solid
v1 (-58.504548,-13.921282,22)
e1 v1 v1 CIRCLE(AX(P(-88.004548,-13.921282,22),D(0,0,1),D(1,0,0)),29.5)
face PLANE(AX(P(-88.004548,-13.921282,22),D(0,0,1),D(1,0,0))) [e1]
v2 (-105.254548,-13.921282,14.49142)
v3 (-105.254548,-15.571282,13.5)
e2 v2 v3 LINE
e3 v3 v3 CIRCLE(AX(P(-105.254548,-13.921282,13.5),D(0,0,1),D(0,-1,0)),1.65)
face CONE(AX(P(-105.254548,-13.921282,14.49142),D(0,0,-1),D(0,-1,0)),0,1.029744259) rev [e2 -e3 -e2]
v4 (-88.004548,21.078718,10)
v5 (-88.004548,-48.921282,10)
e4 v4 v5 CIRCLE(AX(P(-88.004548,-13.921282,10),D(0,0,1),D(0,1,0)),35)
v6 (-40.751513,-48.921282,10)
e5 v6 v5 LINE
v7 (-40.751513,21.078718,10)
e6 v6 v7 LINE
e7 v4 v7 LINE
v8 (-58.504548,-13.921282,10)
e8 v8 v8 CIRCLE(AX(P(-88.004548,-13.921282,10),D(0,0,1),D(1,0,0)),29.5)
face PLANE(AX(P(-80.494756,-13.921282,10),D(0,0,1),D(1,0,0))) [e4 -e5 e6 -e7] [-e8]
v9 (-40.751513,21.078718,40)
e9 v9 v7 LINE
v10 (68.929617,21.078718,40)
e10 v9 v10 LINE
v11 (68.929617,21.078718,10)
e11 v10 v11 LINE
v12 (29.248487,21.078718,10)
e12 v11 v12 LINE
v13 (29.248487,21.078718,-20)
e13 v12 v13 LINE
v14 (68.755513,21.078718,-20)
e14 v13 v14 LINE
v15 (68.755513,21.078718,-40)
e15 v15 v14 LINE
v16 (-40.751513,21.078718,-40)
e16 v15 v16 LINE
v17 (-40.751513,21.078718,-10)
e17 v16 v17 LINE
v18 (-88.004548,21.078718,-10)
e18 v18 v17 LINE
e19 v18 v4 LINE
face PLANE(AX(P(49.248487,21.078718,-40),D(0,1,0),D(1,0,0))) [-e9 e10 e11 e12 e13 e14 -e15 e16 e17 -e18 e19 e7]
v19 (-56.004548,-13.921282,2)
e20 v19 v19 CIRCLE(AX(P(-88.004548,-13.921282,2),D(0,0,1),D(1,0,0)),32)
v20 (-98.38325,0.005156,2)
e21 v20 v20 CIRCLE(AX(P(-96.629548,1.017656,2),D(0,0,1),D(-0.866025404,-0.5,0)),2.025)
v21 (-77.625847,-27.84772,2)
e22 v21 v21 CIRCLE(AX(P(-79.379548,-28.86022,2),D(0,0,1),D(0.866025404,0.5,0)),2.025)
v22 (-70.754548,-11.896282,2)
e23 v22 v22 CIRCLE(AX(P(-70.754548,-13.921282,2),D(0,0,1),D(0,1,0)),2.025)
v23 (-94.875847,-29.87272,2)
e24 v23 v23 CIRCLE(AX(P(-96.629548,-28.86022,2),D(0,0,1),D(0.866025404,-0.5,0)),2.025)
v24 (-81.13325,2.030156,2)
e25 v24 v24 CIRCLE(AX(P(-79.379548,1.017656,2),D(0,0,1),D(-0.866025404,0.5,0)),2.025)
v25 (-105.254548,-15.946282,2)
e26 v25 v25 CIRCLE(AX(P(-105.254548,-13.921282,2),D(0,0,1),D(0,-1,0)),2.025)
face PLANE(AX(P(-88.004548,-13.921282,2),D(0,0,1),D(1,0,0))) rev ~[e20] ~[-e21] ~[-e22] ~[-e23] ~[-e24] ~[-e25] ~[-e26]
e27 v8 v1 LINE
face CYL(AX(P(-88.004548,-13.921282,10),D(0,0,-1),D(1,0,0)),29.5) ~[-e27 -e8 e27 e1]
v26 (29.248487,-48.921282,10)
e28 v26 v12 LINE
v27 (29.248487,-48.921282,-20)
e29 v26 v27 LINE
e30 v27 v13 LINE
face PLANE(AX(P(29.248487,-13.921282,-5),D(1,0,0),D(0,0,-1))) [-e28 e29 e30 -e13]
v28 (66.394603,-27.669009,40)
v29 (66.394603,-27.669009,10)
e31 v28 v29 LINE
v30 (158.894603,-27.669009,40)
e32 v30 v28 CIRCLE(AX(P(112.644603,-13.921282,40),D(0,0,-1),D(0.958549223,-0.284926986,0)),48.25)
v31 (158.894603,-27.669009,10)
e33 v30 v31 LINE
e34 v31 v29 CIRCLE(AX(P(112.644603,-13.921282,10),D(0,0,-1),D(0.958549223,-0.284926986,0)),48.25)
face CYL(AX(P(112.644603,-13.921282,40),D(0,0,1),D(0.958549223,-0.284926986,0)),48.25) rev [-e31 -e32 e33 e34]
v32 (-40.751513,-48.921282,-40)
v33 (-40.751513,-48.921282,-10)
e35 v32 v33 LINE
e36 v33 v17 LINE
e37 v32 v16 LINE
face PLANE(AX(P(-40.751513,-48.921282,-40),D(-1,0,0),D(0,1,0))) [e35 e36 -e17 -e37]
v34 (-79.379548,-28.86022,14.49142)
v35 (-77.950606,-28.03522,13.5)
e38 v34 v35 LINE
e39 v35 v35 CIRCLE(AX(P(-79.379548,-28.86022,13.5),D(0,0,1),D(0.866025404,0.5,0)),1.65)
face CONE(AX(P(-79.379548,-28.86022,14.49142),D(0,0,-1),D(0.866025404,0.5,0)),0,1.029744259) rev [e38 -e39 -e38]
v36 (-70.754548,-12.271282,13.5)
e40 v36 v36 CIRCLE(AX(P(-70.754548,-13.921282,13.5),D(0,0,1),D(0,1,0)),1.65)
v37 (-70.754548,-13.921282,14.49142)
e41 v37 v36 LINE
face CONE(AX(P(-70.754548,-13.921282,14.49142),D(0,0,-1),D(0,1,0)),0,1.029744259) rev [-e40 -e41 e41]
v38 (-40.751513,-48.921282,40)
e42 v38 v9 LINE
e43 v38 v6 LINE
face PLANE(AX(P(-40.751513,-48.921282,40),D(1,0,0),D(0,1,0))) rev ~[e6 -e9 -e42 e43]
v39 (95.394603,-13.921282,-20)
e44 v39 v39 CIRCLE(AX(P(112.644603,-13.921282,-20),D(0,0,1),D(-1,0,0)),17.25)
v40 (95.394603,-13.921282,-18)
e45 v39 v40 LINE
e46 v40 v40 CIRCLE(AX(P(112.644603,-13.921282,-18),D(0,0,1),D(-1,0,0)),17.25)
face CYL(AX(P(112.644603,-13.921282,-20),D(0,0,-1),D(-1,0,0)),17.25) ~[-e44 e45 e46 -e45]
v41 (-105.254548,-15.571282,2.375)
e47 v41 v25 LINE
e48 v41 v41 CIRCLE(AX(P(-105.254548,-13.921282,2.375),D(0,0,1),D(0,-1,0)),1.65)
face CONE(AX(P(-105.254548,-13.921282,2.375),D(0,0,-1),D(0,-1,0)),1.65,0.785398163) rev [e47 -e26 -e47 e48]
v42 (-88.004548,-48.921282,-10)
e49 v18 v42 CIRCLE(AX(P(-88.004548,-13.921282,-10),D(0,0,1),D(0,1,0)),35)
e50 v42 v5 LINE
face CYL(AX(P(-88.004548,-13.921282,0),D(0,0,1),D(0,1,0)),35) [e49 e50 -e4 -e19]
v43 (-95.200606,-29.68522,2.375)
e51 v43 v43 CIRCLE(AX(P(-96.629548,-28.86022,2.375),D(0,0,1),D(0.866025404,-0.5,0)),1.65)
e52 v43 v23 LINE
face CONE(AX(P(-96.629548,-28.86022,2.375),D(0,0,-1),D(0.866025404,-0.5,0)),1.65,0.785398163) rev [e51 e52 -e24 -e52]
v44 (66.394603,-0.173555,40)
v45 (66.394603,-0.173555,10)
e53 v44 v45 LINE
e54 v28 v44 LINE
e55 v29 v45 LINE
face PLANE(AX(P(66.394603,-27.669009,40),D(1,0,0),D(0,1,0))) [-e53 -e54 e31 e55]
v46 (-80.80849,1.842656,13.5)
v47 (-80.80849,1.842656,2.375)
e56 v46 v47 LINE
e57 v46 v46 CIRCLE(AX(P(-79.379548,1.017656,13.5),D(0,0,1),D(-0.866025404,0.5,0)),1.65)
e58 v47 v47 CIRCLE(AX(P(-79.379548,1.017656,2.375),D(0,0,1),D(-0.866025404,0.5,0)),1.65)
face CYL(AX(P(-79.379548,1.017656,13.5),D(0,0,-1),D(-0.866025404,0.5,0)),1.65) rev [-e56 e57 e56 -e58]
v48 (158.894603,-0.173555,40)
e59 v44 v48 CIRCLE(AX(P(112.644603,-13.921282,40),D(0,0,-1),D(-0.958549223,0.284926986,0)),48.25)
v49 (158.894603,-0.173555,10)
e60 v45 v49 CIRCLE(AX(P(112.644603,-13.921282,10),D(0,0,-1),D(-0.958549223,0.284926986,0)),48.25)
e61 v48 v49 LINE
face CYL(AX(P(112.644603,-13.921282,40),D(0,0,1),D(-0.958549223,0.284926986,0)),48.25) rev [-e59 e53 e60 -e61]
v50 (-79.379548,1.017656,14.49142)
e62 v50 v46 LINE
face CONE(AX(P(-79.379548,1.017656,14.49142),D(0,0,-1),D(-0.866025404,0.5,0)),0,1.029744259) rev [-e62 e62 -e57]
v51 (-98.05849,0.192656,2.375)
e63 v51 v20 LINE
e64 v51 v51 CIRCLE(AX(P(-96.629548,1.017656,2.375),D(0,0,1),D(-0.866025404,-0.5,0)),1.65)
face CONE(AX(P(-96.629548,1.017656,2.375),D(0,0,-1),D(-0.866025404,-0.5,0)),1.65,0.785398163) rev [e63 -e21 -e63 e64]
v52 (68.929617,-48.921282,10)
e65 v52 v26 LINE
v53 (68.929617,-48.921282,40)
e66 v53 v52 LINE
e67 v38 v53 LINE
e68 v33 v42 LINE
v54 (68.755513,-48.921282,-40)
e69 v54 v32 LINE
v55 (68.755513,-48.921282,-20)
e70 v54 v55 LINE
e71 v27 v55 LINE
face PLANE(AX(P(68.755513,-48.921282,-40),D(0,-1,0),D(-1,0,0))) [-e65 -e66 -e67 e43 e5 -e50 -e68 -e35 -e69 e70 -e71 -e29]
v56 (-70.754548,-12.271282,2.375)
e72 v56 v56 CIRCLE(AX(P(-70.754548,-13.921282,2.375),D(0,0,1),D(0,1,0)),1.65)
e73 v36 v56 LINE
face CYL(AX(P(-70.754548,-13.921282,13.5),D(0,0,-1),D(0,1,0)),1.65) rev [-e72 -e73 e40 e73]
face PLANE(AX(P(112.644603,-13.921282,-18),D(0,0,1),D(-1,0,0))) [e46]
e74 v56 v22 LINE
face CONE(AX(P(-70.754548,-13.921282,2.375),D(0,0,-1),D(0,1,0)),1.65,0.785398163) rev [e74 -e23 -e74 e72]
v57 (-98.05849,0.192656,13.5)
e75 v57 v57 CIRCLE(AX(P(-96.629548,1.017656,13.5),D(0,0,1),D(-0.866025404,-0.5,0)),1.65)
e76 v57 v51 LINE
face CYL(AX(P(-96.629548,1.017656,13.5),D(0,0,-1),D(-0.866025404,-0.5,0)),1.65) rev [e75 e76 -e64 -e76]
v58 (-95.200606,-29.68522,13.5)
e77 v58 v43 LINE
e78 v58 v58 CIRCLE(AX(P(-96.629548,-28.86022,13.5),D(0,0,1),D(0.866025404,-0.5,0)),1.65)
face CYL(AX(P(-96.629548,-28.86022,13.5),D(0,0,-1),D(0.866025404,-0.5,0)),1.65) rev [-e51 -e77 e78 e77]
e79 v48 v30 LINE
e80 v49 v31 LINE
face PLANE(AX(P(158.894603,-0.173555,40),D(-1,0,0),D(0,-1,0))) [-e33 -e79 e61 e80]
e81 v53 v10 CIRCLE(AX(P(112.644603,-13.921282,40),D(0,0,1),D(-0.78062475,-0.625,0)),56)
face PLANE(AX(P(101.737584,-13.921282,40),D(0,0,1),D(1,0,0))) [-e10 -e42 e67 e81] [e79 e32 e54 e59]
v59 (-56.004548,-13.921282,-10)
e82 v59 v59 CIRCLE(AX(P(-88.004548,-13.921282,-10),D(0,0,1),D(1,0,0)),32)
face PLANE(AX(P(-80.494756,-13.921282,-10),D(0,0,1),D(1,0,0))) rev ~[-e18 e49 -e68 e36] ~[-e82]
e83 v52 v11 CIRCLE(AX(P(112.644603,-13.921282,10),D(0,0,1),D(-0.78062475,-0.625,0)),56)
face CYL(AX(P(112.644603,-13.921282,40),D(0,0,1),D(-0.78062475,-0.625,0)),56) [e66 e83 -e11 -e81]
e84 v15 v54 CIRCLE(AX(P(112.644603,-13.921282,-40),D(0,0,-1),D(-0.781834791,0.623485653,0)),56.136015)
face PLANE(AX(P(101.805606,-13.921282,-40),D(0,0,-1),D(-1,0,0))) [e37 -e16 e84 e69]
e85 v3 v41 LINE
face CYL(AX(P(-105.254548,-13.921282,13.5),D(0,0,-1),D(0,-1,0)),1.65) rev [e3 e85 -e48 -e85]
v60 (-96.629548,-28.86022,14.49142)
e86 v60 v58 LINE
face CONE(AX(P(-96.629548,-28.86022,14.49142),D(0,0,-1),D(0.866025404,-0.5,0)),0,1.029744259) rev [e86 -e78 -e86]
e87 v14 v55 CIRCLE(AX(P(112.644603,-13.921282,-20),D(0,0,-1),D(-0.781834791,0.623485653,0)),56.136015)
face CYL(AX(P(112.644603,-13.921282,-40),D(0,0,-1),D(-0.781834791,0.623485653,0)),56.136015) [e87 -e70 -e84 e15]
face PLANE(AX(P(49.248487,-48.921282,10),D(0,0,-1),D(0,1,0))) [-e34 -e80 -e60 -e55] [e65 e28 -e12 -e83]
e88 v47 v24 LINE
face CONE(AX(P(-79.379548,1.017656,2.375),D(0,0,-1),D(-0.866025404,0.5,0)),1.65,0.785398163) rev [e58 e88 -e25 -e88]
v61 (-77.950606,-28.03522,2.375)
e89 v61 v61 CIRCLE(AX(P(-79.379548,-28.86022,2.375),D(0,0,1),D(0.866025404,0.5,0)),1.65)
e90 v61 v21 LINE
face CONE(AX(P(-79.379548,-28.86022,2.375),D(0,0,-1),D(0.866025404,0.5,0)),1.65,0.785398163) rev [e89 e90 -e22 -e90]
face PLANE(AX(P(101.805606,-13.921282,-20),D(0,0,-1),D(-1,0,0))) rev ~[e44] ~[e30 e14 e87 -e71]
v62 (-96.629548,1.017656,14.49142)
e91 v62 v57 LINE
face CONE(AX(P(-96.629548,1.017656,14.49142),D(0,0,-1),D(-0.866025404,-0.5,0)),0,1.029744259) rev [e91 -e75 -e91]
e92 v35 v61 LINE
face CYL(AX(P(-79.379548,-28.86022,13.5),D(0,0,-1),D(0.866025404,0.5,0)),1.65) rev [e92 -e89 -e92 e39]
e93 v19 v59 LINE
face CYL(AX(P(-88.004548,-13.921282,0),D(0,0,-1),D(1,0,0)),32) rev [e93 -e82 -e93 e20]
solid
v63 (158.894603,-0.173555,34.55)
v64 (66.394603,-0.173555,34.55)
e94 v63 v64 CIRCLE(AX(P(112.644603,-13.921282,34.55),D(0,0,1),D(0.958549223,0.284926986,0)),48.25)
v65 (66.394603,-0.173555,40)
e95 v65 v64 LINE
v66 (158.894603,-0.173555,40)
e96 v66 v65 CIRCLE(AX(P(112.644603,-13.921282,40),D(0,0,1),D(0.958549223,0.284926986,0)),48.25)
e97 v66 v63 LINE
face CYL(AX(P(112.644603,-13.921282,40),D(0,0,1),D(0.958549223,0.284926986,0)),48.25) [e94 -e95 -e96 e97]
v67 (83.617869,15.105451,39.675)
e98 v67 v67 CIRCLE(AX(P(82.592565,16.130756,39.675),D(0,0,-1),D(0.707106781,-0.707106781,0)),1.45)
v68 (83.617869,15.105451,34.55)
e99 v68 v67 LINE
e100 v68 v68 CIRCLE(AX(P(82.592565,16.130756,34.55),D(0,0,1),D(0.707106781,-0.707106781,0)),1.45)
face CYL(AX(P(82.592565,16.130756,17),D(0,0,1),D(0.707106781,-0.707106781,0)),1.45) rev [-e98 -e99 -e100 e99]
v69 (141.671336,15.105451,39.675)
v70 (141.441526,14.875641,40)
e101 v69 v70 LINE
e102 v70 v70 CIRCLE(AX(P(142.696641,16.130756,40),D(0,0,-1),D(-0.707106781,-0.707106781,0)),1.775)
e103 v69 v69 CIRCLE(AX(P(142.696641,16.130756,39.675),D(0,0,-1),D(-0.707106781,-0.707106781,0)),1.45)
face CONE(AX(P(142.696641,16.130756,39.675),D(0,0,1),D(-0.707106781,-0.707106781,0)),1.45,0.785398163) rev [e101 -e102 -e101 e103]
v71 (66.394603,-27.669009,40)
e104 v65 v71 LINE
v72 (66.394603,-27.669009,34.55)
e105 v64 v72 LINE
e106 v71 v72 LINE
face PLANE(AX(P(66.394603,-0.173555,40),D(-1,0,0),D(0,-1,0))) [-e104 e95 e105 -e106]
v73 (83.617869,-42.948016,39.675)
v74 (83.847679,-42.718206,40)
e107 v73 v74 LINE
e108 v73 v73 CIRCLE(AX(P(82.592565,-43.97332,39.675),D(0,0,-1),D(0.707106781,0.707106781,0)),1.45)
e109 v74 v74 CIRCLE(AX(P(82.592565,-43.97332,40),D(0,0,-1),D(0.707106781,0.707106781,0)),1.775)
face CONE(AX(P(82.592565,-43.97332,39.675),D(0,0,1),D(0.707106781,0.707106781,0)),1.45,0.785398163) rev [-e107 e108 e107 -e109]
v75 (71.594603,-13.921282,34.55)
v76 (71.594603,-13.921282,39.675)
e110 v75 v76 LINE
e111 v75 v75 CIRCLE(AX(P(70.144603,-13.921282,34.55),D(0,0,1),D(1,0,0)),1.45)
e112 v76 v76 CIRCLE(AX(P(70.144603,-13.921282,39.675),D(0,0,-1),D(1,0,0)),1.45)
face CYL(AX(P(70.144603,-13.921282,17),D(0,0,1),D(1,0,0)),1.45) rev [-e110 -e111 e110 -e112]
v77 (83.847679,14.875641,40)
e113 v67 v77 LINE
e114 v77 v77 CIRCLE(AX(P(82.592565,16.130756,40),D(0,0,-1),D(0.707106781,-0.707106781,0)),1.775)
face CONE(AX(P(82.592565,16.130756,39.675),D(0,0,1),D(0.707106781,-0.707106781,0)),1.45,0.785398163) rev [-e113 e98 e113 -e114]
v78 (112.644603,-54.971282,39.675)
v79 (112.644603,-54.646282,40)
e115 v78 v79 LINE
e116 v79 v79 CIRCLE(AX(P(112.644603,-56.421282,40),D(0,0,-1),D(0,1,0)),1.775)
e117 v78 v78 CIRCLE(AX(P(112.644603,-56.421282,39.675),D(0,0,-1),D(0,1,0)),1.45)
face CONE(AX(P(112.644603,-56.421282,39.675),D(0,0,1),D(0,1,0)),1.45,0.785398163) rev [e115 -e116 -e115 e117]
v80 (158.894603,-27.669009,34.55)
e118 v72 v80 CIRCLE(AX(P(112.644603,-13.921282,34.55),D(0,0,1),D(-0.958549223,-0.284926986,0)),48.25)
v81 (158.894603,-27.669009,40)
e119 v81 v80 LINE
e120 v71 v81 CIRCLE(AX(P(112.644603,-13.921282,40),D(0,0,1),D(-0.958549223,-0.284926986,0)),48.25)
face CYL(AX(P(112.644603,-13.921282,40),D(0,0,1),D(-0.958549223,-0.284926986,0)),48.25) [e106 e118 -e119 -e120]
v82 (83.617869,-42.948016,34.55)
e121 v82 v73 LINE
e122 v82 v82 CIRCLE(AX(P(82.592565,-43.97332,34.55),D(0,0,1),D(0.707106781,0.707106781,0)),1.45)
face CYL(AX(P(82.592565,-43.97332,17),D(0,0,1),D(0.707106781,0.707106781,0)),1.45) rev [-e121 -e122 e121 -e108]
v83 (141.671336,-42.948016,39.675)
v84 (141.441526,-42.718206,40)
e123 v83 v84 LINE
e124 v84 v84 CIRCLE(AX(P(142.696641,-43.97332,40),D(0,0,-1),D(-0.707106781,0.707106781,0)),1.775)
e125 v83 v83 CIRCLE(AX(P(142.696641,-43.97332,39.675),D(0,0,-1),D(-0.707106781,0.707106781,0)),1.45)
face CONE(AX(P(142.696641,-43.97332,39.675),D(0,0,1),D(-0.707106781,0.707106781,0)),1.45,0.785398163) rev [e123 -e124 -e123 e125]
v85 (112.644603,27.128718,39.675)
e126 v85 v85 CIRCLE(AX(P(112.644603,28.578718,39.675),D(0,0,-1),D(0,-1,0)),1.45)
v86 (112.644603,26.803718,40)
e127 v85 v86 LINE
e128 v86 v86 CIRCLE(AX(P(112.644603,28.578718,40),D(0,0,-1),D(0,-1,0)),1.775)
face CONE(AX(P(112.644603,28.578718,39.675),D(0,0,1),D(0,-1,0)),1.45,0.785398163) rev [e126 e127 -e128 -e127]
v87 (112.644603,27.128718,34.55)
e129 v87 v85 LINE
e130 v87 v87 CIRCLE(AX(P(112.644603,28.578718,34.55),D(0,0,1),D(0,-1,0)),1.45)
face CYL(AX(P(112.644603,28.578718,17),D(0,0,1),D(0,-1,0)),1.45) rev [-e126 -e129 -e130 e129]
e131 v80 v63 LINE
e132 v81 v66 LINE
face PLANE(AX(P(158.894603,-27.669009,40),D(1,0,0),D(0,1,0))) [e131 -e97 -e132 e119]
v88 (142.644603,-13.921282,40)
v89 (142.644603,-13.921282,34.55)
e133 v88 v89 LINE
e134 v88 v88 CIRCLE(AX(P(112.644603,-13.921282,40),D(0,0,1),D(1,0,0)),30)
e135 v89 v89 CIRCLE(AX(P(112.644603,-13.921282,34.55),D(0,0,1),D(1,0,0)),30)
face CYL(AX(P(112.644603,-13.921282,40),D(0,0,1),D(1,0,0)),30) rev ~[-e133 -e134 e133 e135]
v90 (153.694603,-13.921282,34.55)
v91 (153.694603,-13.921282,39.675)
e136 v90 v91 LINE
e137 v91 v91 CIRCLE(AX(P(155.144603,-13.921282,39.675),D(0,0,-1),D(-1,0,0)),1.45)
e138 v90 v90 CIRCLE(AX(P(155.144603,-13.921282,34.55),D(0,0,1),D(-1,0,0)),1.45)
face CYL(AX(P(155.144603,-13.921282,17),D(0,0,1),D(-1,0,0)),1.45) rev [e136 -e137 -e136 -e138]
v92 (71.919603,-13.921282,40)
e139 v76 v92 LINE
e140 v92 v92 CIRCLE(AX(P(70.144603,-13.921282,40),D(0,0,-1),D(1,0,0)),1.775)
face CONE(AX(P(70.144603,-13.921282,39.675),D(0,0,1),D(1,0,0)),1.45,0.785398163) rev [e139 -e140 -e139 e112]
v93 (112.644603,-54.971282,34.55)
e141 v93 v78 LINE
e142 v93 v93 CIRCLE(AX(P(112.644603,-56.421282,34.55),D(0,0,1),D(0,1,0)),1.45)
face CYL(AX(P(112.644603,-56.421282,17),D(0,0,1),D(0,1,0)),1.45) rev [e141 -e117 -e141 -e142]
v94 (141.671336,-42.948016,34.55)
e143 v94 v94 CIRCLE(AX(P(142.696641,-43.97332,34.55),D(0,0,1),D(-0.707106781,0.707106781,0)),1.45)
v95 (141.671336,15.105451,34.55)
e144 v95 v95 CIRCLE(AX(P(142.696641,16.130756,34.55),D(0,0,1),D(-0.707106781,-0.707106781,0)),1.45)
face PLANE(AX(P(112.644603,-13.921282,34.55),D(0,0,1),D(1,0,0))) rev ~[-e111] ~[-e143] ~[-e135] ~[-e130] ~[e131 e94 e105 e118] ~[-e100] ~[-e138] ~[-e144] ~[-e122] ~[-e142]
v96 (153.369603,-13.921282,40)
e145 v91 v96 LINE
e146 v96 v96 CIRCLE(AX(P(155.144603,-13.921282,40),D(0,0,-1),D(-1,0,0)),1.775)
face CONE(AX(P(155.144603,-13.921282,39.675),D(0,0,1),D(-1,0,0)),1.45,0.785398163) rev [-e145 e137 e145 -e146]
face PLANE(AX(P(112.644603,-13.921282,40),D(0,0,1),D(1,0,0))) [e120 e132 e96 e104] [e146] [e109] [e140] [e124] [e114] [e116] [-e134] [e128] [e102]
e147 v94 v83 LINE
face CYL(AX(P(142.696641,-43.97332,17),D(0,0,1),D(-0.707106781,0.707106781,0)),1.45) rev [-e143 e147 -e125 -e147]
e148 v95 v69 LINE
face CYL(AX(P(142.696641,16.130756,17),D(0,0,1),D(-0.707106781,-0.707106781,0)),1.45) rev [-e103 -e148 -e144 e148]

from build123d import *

# Parameters (mm, degrees)
SKETCH_1_W               = 100
SKETCH_1_H               = 70
EXTRUDE_1_DEPTH          = 40
SKETCH_2_R               = 32
EXTRUDE_2_DEPTH          = 10
EXTRUDE_START            = -8
SKETCH_6_R               = 32
EXTRUDE_3_DEPTH          = 8
SKETCH_7_W               = 10
SKETCH_7_H               = 70
CUT_EXTRUDE_1_DEPTH      = 30
SKETCH_9_W               = 10
SKETCH_9_H               = 70
CUT_EXTRUDE_2_DEPTH      = 30
SKETCH_11_R              = 29.5
EXTRUDE_4_DEPTH          = 12
EXTRUDE_5_DEPTH          = 30
EXTRUDE_6_DEPTH          = 5.45
SKETCH_13_R              = 30
CUT_EXTRUDE_4_DEPTH      = 6
PATTERN_CIRCULAR_1_COUNT = 8
PATTERN_CIRCULAR_2_COUNT = 6
EXTRUDE_7_DEPTH          = 20
SKETCH_19_R              = 17.25
EXTRUDE_8_DEPTH          = 2
SKETCH_22_W              = 30
SKETCH_22_H              = 70
CUT_EXTRUDE_6_DEPTH      = 20


with BuildPart() as part:
    # 草图1 → 凸台-拉伸1 (new, symmetric)
    with BuildSketch(Plane.XY):
        with Locations((-0.751513191, -13.921282279)):
            Rectangle(SKETCH_1_W, SKETCH_1_H)
    extrude(amount=EXTRUDE_1_DEPTH, both=True)

    # 草图2 → 凸台-拉伸2 (add, symmetric)
    with BuildSketch(Plane.XY):
        with BuildLine():
            Line((-50.751513191, 21.078717721), (-88.004548321, 21.078717721))
            ThreePointArc((-88.004548321, 21.078717721), (-123.004548321, -13.921282279), (-88.004548321, -48.921282279))
            Line((-88.004548321, -48.921282279), (-50.751513191, -48.921282279))
            Line((-50.751513191, -48.921282279), (-50.751513191, 21.078717721))
        make_face()
        with Locations((-88.004548321, -13.921282279)):
            Circle(SKETCH_2_R, mode=Mode.SUBTRACT)
    extrude(amount=EXTRUDE_2_DEPTH, both=True)

    # 草图6 → 凸台-拉伸3 (add)
    with BuildSketch(Plane.XY.offset(10).offset(EXTRUDE_START)):
        with Locations((-88.004548321, -13.921282279)):
            Circle(SKETCH_6_R)
    extrude(amount=EXTRUDE_3_DEPTH)

    # 草图7 → 切除-拉伸1 (cut)
    with BuildSketch(Plane(origin=(0, 0, -40), x_dir=(-1, 0, 0), z_dir=(0, 0, -1))):
        with Locations((45.751513191, -13.921282279)):
            Rectangle(SKETCH_7_W, SKETCH_7_H)
    extrude(amount=-CUT_EXTRUDE_1_DEPTH, mode=Mode.SUBTRACT)

    # 草图9 → 切除-拉伸2 (cut)
    with BuildSketch(Plane.XY.offset(40)):
        with Locations((-45.751513191, -13.921282279)):
            Rectangle(SKETCH_9_W, SKETCH_9_H)
    extrude(amount=-CUT_EXTRUDE_2_DEPTH, mode=Mode.SUBTRACT)

    # 草图11 → 凸台-拉伸4 (add)
    with BuildSketch(Plane.XY.offset(10)):
        with Locations((-88.004548321, -13.921282279)):
            Circle(SKETCH_11_R)
    extrude(amount=EXTRUDE_4_DEPTH)

    # 草图10 → 凸台-拉伸5 (add)
    with BuildSketch(Plane.XY.offset(40)):
        with BuildLine():
            Line((68.929616732, 21.078717721), (49.248486809, 21.078717721))
            Line((49.248486809, 21.078717721), (49.248486809, -48.921282279))
            Line((49.248486809, -48.921282279), (68.929616732, -48.921282279))
            ThreePointArc((68.929616732, -48.921282279), (168.644602721, -13.921282279), (68.929616732, 21.078717721))
        make_face()
        with BuildLine():
            Line((66.394602721, -27.669009364), (66.394602721, -0.173555194))
            ThreePointArc((66.394602721, -0.173555194), (112.644602721, 34.328717721), (158.894602721, -0.173555194))
            Line((158.894602721, -0.173555194), (158.894602721, -27.669009364))
            ThreePointArc((158.894602721, -27.669009364), (112.644602721, -62.171282279), (66.394602721, -27.669009364))
        make_face(mode=Mode.SUBTRACT)
    extrude(amount=-EXTRUDE_5_DEPTH)

    # 草图17 → M4 螺纹孔1 (revolve, cut)
    with BuildSketch(Plane(origin=(-70.754548321, -13.921282279, 2), x_dir=(0, 1, 0), z_dir=(1, 0, 0))):
        Polygon((0, 0), (0, 12.491420021), (1.65, 11.5), (1.65, 0.375), (2.025, 0), align=None)
    hole_wizard_m4_1 = revolve(axis=Axis((-70.754548321, -13.921282279, -4.35), (0, 0, 1)), mode=Mode.SUBTRACT)

    # 阵列(圆周)2: M4 螺纹孔1 ×6 about axis
    pattern_circular_2_axis = Axis((-88.004548321, -13.921282279, 0), (0, 0, 1))
    for i in range(1, PATTERN_CIRCULAR_2_COUNT):
        add(hole_wizard_m4_1.rotate(pattern_circular_2_axis, i * 360 / PATTERN_CIRCULAR_2_COUNT), mode=Mode.SUBTRACT)

    # 草图18 → 凸台-拉伸7 (add)
    with BuildSketch(Plane(origin=(0, 0, -40), x_dir=(-1, 0, 0), z_dir=(0, 0, -1))):
        with BuildLine():
            Line((-49.248486809, -48.921282279), (-49.248486809, 21.078717721))
            Line((-49.248486809, 21.078717721), (-68.75551318, 21.078717721))
            ThreePointArc((-68.75551318, 21.078717721), (-168.780617727, -13.921282279), (-68.75551318, -48.921282279))
            Line((-68.75551318, -48.921282279), (-49.248486809, -48.921282279))
        make_face()
    extrude(amount=-EXTRUDE_7_DEPTH)

    # 草图19 → 凸台-拉伸8 (add)
    with BuildSketch(Plane.XY.offset(-20)):
        with Locations(Location((112.644602721, -13.921282279, 0), (0, 0, 180))):
            Circle(SKETCH_19_R)
    extrude(amount=EXTRUDE_8_DEPTH)

    # 草图22 → 切除-拉伸6 (cut)
    with BuildSketch(Plane(origin=(49.248486809, 0, 0), x_dir=(0, 0, -1), z_dir=(1, 0, 0))):
        with Locations((5, -13.921282279)):
            Rectangle(SKETCH_22_W, SKETCH_22_H)
    extrude(amount=-CUT_EXTRUDE_6_DEPTH, mode=Mode.SUBTRACT)


with BuildPart() as body_2:
    # 草图12 → 凸台-拉伸6 (new body)
    with BuildSketch(Plane.XY.offset(40)):
        with BuildLine():
            Line((66.394602721, -0.173555194), (66.394602721, -27.669009364))
            ThreePointArc((66.394602721, -27.669009364), (112.644602721, -62.171282279), (158.894602721, -27.669009364))
            Line((158.894602721, -27.669009364), (158.894602721, -0.173555194))
            ThreePointArc((158.894602721, -0.173555194), (112.644602721, 34.328717721), (66.394602721, -0.173555194))
        make_face()
    extrude(amount=-EXTRUDE_6_DEPTH)

    # 草图13 → 切除-拉伸4 (cut)
    with BuildSketch(Plane.XY.offset(40)):
        with Locations((112.644602721, -13.921282279)):
            Circle(SKETCH_13_R)
    extrude(amount=-CUT_EXTRUDE_4_DEPTH, mode=Mode.SUBTRACT)

    # 草图15 → M3.5 螺纹孔3 (revolve, cut)
    with BuildSketch(Plane(origin=(112.644602721, 28.578717721, 40), x_dir=(0, -1, 0), z_dir=(1, 0, 0))):
        Polygon((0, 0), (0, 23.871247898), (1.45, 23), (1.45, 0.325), (1.775, 0), align=None)
    hole_wizard_m3_5_3 = revolve(axis=Axis((112.644602721, 28.578717721, 46.35), (0, 0, -1)), mode=Mode.SUBTRACT)

    # 阵列(圆周)1: M3.5 螺纹孔3 ×8 about axis
    pattern_circular_1_axis = Axis((112.644602721, -13.921282279, 0), (0, 0, 1))
    for i in range(1, PATTERN_CIRCULAR_1_COUNT):
        add(hole_wizard_m3_5_3.rotate(pattern_circular_1_axis, i * 360 / PATTERN_CIRCULAR_1_COUNT), mode=Mode.SUBTRACT)


solid = Compound([part.part, body_2.part])
